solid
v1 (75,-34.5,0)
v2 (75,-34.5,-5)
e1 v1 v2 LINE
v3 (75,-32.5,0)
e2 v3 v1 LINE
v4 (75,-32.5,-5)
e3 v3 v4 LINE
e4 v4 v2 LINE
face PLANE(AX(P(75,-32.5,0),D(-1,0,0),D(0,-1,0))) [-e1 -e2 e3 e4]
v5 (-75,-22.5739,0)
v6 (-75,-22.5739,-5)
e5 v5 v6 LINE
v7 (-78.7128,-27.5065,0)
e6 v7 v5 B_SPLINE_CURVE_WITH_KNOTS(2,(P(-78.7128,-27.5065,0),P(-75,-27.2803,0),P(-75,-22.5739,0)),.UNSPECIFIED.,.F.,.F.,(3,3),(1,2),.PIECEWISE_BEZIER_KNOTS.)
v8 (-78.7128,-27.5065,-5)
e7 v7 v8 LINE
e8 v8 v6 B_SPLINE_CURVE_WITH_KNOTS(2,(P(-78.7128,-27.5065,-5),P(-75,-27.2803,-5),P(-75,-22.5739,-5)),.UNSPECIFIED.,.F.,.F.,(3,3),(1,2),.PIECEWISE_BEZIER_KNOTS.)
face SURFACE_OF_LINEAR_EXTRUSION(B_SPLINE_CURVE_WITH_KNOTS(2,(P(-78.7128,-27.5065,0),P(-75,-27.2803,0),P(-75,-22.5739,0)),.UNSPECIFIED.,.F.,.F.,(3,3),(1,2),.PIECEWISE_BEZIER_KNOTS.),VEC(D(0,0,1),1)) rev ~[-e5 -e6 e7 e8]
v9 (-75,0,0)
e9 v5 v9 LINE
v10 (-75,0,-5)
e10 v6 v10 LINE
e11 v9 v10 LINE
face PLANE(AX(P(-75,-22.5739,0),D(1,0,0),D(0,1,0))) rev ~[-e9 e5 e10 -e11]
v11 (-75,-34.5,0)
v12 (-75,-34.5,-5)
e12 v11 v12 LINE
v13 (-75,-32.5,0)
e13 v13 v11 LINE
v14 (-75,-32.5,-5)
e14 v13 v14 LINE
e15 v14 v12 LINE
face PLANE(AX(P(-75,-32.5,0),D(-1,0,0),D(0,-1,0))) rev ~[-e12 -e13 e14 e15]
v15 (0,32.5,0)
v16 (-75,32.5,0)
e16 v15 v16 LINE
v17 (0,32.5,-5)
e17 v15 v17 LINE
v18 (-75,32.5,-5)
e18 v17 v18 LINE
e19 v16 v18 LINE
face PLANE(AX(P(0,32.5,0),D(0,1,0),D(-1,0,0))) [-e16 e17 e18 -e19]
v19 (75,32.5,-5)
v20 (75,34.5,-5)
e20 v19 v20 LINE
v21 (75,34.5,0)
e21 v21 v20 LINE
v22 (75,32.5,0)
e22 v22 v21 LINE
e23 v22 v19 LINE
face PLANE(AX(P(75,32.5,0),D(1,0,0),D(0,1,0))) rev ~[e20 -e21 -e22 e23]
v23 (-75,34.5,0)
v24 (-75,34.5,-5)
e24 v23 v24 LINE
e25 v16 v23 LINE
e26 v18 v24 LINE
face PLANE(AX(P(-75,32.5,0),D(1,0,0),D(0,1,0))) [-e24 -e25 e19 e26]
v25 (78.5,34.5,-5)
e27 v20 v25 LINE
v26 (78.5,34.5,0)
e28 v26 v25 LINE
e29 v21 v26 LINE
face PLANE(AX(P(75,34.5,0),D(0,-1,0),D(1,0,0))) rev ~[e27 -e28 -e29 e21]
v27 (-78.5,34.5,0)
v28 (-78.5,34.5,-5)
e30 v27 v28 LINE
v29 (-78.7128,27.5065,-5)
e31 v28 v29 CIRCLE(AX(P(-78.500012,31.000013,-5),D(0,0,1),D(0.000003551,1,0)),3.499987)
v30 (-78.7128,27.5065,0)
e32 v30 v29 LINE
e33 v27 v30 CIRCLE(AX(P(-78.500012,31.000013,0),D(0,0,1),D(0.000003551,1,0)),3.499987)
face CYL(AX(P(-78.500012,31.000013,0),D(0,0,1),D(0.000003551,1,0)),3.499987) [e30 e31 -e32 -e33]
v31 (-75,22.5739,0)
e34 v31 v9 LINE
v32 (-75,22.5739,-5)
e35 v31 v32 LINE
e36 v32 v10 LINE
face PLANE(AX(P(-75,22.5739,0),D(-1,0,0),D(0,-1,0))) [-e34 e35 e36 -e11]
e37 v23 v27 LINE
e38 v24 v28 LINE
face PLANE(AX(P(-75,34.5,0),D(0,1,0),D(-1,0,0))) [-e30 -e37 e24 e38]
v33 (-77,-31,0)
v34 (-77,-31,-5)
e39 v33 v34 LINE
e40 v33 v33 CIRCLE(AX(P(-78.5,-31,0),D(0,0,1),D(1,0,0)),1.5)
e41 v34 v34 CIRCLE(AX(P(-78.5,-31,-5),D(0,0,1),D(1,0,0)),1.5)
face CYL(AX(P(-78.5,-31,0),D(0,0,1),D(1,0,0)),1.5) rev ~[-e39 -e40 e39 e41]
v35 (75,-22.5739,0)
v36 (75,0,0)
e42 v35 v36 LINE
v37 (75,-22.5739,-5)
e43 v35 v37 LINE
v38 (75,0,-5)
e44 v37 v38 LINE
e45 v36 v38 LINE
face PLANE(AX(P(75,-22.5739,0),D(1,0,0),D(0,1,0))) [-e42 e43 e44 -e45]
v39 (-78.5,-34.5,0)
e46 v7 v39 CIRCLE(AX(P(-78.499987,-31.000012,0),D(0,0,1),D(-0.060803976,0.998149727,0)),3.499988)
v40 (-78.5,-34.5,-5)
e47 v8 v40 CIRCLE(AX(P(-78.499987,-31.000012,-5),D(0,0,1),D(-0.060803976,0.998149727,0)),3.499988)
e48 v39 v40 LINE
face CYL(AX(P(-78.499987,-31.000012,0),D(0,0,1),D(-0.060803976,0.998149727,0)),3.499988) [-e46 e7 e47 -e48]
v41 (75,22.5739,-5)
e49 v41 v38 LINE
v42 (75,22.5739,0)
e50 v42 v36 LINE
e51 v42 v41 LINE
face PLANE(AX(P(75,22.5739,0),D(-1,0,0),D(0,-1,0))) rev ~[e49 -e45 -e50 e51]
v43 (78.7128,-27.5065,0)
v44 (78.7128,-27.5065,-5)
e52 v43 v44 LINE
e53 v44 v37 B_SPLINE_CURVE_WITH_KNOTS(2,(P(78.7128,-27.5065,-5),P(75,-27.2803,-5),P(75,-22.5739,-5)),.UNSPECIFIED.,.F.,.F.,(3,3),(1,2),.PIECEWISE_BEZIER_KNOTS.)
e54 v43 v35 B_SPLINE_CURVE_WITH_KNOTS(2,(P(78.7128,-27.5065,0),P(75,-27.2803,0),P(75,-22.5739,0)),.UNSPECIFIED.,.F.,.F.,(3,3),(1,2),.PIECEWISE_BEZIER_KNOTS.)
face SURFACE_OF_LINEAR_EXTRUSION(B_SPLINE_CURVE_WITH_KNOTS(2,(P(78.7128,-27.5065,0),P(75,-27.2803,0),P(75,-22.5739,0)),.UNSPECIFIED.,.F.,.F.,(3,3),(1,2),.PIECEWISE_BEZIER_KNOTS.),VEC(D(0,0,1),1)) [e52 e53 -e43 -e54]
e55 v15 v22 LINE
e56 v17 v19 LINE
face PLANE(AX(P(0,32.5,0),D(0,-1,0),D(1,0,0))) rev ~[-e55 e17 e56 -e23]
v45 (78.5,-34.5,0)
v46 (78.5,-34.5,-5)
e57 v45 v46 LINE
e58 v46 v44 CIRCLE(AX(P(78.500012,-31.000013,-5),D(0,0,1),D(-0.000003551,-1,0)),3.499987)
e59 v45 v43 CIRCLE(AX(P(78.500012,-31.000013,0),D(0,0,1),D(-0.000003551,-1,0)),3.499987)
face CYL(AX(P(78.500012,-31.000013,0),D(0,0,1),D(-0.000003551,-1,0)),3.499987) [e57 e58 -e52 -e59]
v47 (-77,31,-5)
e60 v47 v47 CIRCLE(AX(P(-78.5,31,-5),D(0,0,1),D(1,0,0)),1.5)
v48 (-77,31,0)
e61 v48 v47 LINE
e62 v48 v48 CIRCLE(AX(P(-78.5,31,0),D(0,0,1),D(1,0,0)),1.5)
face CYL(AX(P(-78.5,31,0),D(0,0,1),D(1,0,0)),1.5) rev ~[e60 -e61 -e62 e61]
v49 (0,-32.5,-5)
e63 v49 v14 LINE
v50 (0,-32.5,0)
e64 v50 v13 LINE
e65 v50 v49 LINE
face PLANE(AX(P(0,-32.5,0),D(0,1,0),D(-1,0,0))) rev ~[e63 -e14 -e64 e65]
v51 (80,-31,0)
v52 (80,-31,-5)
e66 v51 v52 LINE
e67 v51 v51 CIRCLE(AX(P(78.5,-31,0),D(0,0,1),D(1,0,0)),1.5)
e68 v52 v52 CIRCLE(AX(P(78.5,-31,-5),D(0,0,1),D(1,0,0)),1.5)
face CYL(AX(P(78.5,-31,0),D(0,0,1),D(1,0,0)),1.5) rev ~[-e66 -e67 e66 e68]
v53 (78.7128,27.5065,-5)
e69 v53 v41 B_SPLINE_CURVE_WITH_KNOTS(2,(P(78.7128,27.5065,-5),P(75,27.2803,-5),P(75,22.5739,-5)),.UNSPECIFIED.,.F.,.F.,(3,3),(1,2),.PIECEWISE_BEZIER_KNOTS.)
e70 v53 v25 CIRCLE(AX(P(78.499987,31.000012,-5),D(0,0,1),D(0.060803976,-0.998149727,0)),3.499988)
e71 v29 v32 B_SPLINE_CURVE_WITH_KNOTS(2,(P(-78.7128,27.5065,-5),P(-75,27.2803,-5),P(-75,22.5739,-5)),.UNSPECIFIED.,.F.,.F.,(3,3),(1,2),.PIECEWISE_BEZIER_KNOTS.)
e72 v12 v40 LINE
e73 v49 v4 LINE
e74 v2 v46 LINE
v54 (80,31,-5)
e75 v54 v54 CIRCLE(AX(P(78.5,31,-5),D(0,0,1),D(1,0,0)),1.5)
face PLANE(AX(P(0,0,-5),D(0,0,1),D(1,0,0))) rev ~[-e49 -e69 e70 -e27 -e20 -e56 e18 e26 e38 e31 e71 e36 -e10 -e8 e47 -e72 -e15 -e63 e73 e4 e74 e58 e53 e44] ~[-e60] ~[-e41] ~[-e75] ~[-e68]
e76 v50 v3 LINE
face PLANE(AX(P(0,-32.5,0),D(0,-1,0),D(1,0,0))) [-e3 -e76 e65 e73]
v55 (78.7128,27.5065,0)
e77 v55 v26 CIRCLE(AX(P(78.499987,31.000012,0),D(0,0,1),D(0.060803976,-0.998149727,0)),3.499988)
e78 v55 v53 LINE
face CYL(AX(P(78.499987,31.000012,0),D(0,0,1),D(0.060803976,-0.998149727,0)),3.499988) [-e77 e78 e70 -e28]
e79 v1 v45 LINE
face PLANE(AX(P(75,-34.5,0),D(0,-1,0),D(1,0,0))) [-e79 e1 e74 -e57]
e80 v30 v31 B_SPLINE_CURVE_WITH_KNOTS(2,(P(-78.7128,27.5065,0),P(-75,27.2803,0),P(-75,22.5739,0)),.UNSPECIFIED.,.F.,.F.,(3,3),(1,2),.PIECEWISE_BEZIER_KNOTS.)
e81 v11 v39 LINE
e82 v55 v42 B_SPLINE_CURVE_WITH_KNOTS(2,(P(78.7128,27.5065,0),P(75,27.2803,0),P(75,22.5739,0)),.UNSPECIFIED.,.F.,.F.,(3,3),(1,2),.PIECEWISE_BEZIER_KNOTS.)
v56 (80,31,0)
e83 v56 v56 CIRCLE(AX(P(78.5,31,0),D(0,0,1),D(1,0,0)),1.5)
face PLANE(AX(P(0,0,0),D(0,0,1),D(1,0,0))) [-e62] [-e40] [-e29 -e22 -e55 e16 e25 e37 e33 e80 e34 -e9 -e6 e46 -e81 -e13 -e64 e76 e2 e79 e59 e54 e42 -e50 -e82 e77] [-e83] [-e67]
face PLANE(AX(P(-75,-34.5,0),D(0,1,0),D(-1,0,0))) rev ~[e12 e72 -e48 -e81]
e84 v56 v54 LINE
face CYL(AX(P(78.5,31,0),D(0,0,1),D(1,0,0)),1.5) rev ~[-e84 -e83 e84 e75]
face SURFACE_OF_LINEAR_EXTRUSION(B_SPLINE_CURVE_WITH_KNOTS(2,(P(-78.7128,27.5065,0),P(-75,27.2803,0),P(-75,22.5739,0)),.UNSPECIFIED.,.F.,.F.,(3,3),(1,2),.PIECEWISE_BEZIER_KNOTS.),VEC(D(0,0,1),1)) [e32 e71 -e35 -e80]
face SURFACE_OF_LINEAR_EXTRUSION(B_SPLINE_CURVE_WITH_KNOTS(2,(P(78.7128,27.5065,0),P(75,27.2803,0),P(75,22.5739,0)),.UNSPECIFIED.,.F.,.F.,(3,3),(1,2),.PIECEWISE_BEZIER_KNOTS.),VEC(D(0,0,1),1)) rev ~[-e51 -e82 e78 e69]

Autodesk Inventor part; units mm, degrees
ref_plane "YZ Plane" through (0, 0, 0) normal (1, 0, 0) x (0, 1, 0)
ref_plane "XZ Plane" through (0, 0, 0) normal (0, 1, 0) x (-1, 0, 0)
ref_plane "XY Plane" through (0, 0, 0) normal (0, 0, 1) x (1, 0, 0)
sketch "Sketch1" plane through (0, 0, 0) normal (0, 0, 1) x (1, 0, 0)
  line L0 (0, 15198.2615) -> (0, -15198.2615) construction
  line L1 (-114.9467, 0) -> (114.9467, 0) construction
  line L2 (0, -32.5) -> (-75, -32.5)
  line L3 (-75, -32.5) -> (-75, -34.5)
  circle A0 centre (-78.5, -31) radius 1.5
  line L4 (-75, -34.5) -> (-78.5, -34.5)
  arc A1 (-78.7128, -27.5065) -> (-78.5, -34.5) centre (-78.5, -31) ccw
  line L5 (-75, -22.5739) -> (-75, 0)
  line L6 (-78.7128, -27.5065) -> (-75, -27.2803) construction
  line L7 (-75, -27.2803) -> (-75, -22.5739) construction
  spline S0 degree 2 poles (-78.7128, -27.5065) (-75, -27.2803) (-75, -22.5739) knots 1 1 1 2 2 2
  line L8 (0, -32.5) -> (75, -32.5)
  line L9 (75, -32.5) -> (75, -34.5)
  circle A2 centre (78.5, -31) radius 1.5
  line L10 (75, -34.5) -> (78.5, -34.5)
  arc A3 (78.5, -34.5) -> (78.7128, -27.5065) centre (78.5, -31) ccw
  line L11 (75, -22.5739) -> (75, 0)
  line L12 (78.7128, -27.5065) -> (75, -27.2803) construction
  line L13 (75, -27.2803) -> (75, -22.5739) construction
  spline S1 degree 2 poles (78.7128, -27.5065) (75, -27.2803) (75, -22.5739) knots 1 1 1 2 2 2
  line L14 (0, -15198.2615) -> (0, 15198.2615) construction
  line L15 (0, 32.5) -> (-75, 32.5)
  line L16 (-75, 32.5) -> (-75, 34.5)
  circle A4 centre (-78.5, 31) radius 1.5
  line L17 (-75, 34.5) -> (-78.5, 34.5)
  arc A5 (-78.5, 34.5) -> (-78.7128, 27.5065) centre (-78.5, 31) ccw
  line L18 (-75, 22.5739) -> (-75, 0)
  line L19 (-78.7128, 27.5065) -> (-75, 27.2803) construction
  line L20 (-75, 27.2803) -> (-75, 22.5739) construction
  spline S2 degree 2 poles (-78.7128, 27.5065) (-75, 27.2803) (-75, 22.5739) knots 1 1 1 2 2 2
  line L21 (0, 32.5) -> (75, 32.5)
  line L22 (75, 32.5) -> (75, 34.5)
  circle A6 centre (78.5, 31) radius 1.5
  line L23 (75, 34.5) -> (78.5, 34.5)
  arc A7 (78.7128, 27.5065) -> (78.5, 34.5) centre (78.5, 31) ccw
  line L24 (75, 22.5739) -> (75, 0)
  line L25 (78.7128, 27.5065) -> (75, 27.2803) construction
  spline S3 degree 2 poles (78.7128, 27.5065) (75, 27.2803) (75, 22.5739) knots 1 1 1 2 2 2
  line L26 (75, 27.2803) -> (75, 22.5739) construction
  point P0 (0, 0)
  dimension "d0" = 2
  dimension "d1" = 3
  dimension "d3" = 75
  dimension "d4" = 32.5
  dimension "d5" = 3.5
  dimension "d6" = 3.5
extrude "Extrusion1" add sketch "Sketch1" against normal blind 5
equation "\"d0\" = Cover_Thickness"
equation "\"d3\" = 0.5 * Heatsink_Length"
equation "\"d4\" = 0.5 * Heatsink_Width"
equation "\"d6\" = d5"
equation "\"d7\" = Heatsink_Thickness"
equation "\"Heatsink_Thickness\" = 5"
equation "\"Cover_Thickness\" = 2"
equation "\"Heatsink_Width\" = 65"
equation "\"PowerPCB_Minus_Height\" = 1.2"
equation "\"PowerPCB_Width\" = 63"
equation "\"Interface_Thickness\" = 7"
equation "\"PowerPCB_Thickness\" = 3"
equation "\"PowerPCB_Plus_Height\" = 8"
equation "\"LogicPCB_Width\" = 55"
equation "\"LogicPCB_Thickness\" = 2"
equation "\"LogicPCB_Plus_Height\" = 8"
equation "\"HostPCB_Plus_Height\" = 8"
equation "\"HostPCB_Thickness\" = 1.2"
equation "\"Heatsink_Length\" = 150"
properties part number "Heatsink" material "Aluminum 6061"
